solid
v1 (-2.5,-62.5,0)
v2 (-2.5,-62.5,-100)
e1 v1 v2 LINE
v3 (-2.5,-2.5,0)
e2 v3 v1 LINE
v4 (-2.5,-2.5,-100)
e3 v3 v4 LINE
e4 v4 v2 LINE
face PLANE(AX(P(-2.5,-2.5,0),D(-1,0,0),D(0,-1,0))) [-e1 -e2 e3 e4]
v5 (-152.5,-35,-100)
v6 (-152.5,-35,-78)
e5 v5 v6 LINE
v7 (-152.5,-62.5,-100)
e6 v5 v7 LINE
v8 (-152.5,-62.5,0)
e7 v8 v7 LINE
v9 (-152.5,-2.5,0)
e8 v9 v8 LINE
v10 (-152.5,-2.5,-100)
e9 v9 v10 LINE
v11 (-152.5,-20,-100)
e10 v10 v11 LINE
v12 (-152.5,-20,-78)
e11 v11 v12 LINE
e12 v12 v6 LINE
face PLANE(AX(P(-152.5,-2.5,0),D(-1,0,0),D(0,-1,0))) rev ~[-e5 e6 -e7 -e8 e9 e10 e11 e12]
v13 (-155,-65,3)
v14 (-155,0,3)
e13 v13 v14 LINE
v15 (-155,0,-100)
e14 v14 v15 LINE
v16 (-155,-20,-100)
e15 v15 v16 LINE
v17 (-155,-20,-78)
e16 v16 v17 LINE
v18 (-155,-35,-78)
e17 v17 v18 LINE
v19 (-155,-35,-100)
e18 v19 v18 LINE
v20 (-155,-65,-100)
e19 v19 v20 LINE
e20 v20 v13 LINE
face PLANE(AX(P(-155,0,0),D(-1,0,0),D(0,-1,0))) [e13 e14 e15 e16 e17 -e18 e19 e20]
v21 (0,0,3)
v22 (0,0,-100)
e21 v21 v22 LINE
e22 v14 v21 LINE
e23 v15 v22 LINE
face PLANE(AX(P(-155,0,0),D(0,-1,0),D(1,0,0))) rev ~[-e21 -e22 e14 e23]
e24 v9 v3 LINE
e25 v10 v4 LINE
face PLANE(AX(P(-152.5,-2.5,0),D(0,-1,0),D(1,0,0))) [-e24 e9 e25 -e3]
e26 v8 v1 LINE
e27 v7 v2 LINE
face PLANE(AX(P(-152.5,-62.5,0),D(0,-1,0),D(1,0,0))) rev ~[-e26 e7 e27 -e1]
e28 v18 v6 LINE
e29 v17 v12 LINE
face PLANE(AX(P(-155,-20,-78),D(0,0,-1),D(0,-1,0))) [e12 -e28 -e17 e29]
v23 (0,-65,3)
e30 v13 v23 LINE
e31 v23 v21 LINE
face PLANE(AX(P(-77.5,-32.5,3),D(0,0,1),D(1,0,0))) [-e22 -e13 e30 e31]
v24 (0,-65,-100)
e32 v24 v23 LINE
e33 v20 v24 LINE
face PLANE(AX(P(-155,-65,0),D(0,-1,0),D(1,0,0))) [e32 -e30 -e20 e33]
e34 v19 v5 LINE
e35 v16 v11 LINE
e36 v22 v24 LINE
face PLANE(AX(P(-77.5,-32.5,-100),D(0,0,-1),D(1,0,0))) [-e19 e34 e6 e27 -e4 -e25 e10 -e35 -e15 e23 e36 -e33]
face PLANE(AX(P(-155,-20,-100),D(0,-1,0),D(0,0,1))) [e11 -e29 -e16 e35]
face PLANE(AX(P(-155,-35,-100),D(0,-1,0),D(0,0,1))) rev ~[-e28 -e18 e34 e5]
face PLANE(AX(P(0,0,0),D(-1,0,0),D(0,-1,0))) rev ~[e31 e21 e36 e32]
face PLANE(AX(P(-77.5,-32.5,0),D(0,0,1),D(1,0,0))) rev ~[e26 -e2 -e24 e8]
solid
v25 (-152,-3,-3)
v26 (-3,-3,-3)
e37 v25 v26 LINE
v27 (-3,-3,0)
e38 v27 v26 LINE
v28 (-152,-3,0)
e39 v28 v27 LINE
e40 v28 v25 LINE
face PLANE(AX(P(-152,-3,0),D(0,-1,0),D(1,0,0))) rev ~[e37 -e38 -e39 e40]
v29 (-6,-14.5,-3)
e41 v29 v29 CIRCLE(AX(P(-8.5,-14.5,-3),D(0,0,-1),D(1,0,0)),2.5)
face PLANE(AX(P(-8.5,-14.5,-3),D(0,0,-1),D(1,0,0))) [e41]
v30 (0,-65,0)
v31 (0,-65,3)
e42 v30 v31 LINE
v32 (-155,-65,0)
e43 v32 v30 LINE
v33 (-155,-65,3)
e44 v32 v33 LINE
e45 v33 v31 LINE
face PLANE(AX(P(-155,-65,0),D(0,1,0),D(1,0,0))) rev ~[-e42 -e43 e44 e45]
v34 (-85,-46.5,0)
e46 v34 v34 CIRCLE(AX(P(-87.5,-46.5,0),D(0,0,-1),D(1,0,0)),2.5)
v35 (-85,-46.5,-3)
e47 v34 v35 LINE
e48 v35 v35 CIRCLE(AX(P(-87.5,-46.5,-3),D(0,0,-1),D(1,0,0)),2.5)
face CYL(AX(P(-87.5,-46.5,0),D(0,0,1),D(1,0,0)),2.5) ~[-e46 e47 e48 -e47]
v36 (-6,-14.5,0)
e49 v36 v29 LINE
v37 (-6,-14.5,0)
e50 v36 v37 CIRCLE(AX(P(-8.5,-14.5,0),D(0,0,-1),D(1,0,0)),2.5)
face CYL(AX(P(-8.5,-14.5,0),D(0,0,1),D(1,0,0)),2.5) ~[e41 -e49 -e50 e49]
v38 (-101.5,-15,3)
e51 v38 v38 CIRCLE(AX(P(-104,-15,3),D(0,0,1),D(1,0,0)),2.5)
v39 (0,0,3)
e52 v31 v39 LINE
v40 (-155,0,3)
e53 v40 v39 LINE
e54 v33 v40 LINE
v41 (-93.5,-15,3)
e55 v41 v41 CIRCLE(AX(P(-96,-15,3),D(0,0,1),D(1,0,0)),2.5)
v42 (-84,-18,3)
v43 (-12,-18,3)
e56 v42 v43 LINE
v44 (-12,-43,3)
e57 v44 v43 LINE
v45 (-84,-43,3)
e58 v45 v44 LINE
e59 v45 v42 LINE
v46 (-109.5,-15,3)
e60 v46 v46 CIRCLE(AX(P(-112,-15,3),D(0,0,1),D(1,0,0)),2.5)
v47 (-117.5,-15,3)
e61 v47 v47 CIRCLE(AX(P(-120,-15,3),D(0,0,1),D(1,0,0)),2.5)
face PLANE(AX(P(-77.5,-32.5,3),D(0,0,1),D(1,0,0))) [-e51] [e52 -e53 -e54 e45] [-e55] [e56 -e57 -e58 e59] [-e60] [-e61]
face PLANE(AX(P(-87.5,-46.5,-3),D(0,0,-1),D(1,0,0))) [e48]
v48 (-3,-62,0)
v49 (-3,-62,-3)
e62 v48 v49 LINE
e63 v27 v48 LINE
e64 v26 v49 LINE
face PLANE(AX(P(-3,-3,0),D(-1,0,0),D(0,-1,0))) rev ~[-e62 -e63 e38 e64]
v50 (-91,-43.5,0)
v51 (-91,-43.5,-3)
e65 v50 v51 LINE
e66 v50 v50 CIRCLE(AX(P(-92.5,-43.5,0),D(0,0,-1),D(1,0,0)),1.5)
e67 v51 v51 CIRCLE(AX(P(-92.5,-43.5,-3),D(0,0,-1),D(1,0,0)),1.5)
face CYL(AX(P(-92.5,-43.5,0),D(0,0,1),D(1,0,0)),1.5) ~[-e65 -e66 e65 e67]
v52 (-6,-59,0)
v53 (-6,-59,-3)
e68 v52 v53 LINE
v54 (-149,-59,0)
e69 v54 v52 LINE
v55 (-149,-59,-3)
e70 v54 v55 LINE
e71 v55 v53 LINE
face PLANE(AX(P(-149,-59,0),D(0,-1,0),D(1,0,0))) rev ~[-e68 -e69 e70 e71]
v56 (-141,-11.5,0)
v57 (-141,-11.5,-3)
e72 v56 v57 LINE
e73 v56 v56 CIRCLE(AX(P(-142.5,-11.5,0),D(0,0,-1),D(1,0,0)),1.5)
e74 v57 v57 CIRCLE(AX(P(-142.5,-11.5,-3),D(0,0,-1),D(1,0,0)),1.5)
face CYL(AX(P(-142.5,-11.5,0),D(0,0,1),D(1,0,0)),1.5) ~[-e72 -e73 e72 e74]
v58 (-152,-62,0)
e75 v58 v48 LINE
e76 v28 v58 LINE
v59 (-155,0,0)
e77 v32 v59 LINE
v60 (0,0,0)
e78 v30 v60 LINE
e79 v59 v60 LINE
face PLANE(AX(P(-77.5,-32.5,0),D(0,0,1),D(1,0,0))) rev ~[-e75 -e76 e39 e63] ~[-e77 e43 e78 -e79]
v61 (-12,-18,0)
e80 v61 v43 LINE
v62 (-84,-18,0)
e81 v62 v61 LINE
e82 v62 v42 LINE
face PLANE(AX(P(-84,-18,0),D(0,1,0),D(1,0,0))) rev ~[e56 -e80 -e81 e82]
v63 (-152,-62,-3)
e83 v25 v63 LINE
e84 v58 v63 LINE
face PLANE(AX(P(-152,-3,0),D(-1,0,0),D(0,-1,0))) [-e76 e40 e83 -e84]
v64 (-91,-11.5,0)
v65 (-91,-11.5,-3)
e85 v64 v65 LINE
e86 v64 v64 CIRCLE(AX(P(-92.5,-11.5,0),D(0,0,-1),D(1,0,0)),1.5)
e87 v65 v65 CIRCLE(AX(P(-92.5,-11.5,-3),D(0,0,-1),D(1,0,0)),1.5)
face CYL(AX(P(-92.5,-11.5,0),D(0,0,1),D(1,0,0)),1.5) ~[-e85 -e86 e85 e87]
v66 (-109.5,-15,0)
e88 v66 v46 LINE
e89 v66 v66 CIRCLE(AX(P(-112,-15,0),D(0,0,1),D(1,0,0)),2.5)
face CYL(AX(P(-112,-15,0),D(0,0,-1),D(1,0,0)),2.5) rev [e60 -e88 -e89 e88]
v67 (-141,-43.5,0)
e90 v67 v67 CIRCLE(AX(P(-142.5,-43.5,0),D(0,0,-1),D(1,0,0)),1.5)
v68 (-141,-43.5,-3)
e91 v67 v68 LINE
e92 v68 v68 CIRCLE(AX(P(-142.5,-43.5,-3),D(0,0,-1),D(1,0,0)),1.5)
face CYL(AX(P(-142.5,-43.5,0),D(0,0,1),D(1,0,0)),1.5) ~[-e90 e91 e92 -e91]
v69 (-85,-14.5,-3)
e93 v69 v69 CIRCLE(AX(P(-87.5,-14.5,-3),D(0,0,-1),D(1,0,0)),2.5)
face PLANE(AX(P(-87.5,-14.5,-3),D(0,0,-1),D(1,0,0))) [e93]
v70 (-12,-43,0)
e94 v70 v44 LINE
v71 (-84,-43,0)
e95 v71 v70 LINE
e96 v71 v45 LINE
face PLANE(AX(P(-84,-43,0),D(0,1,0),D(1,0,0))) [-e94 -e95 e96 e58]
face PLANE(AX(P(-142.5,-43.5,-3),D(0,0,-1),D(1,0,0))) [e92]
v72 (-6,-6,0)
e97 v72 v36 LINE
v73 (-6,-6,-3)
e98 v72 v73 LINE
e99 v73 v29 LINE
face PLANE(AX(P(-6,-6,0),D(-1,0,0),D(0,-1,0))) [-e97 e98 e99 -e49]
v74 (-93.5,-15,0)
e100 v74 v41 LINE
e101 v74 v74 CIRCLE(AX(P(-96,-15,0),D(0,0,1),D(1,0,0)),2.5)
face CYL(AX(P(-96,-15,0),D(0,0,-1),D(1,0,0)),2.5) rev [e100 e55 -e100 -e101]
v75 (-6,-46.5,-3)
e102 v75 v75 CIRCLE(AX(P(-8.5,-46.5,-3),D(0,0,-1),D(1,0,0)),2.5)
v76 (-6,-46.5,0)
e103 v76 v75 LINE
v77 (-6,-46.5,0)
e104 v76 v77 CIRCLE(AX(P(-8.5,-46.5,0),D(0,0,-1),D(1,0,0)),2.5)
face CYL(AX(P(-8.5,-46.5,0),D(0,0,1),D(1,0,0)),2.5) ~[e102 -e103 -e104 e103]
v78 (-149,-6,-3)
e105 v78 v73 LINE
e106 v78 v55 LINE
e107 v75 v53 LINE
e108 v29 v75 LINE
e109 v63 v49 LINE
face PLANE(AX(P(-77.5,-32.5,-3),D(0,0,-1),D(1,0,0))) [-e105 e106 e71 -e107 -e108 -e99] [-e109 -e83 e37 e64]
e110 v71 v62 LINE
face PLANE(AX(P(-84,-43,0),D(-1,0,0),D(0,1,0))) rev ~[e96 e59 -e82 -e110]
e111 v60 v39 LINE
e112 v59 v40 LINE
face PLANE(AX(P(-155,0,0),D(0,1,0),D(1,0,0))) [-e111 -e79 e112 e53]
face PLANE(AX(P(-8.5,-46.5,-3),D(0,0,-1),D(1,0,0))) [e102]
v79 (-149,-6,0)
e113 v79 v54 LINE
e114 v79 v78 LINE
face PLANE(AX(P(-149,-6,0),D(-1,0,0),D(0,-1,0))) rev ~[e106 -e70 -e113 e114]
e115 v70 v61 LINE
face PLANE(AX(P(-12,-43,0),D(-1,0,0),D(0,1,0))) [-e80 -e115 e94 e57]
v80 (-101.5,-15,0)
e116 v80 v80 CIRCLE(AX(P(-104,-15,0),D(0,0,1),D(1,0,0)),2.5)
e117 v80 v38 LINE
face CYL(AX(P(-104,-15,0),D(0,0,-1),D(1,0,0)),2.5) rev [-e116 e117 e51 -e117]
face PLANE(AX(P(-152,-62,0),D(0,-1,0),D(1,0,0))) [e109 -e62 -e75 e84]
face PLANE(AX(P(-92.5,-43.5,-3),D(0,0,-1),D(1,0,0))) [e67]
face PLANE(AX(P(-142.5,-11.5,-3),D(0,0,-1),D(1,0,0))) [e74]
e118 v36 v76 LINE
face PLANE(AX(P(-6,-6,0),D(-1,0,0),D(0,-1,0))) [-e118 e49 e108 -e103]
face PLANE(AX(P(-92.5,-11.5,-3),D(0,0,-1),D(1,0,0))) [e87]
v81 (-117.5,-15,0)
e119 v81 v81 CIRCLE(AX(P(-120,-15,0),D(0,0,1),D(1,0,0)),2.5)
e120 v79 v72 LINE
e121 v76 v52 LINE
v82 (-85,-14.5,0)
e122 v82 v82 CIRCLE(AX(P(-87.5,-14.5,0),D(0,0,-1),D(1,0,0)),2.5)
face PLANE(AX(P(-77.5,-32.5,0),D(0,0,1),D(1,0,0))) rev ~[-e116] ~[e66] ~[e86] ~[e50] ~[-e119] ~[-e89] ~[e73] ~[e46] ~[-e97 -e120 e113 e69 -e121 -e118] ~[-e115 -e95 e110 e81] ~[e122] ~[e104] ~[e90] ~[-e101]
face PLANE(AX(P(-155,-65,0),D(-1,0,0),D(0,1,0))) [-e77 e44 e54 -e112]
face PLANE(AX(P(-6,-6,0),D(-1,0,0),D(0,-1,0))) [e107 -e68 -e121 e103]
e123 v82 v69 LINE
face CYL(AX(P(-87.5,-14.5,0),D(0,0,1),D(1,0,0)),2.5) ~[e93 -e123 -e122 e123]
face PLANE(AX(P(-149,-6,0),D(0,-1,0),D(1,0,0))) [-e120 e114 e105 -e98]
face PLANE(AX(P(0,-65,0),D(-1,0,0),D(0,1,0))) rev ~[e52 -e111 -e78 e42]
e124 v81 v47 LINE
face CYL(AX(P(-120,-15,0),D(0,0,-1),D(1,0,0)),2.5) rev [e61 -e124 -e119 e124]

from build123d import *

# Parameters (mm, degrees)
SKETCH_W      = 155
SKETCH_H      = 65
SKETCH_R      = 2.5
SKETCH_W_2    = 72
SKETCH_H_2    = 25
PAD_DEPTH     = 3
SKETCH001_W   = 149
SKETCH001_H   = 59
SKETCH001_W_2 = 143
SKETCH001_H_2 = 53
PAD001_DEPTH  = 3
SKETCH002_R   = 1.5
SKETCH002_R_2 = 2.5
PAD002_DEPTH  = 3
SKETCH003_W   = 155
SKETCH003_H   = 65
PAD003_DEPTH  = 3
SKETCH004_W   = 155
SKETCH004_H   = 65
SKETCH004_W_2 = 150
SKETCH004_H_2 = 60
PAD004_DEPTH  = 100
SKETCH005_W   = 15
SKETCH005_H   = 22
POCKET_DEPTH  = 5


with BuildPart() as lid:
    # Sketch → Pad (new body)
    with BuildSketch(Plane.XY):
        with Locations((-77.5, -32.5)):
            Rectangle(SKETCH_W, SKETCH_H)
        with Locations((-120, -15)):
            Circle(SKETCH_R, mode=Mode.SUBTRACT)
        with Locations((-112, -15)):
            Circle(SKETCH_R, mode=Mode.SUBTRACT)
        with Locations((-104, -15)):
            Circle(SKETCH_R, mode=Mode.SUBTRACT)
        with Locations((-96, -15)):
            Circle(SKETCH_R, mode=Mode.SUBTRACT)
        with Locations((-48, -30.5)):
            Rectangle(SKETCH_W_2, SKETCH_H_2, mode=Mode.SUBTRACT)
    extrude(amount=PAD_DEPTH)

    # Sketch001 (on Face13 of Pad) → Pad001 (join)
    with BuildSketch(Plane(origin=(0, 0, 0), x_dir=(1, 0, 0), z_dir=(0, 0, -1))):
        with Locations((-77.5, 32.5)):
            Rectangle(SKETCH001_W, SKETCH001_H)
        with Locations((-77.5, 32.5)):
            Rectangle(SKETCH001_W_2, SKETCH001_H_2, mode=Mode.SUBTRACT)
    extrude(amount=PAD001_DEPTH)

    # Sketch002 (on Face20 of Pad001) → Pad002 (join)
    with BuildSketch(Plane(origin=(0, 0, 0), x_dir=(1, 0, 0), z_dir=(0, 0, -1))):
        with Locations((-142.5, 43.5)):
            Circle(SKETCH002_R)
        with Locations((-142.5, 11.5)):
            Circle(SKETCH002_R)
        with Locations((-92.5, 43.5)):
            Circle(SKETCH002_R)
        with Locations((-92.5, 11.5)):
            Circle(SKETCH002_R)
        with Locations((-87.5, 46.5)):
            Circle(SKETCH002_R_2)
        with Locations((-8.5, 46.5)):
            Circle(SKETCH002_R_2)
        with Locations((-8.5, 14.5)):
            Circle(SKETCH002_R_2)
        with Locations((-87.5, 14.5)):
            Circle(SKETCH002_R_2)
    extrude(amount=PAD002_DEPTH)


with BuildPart() as box:
    # Sketch003 → Pad003 (new body)
    with BuildSketch(Plane.XY):
        with Locations((-77.5, -32.5)):
            Rectangle(SKETCH003_W, SKETCH003_H)
    extrude(amount=PAD003_DEPTH)

    # Sketch004 (on Face5 of Pad003) → Pad004 (join)
    with BuildSketch(Plane(origin=(0, 0, 0), x_dir=(1, 0, 0), z_dir=(0, 0, -1))):
        with Locations((-77.5, 32.5)):
            Rectangle(SKETCH004_W, SKETCH004_H)
        with Locations((-77.5, 32.5)):
            Rectangle(SKETCH004_W_2, SKETCH004_H_2, mode=Mode.SUBTRACT)
    extrude(amount=PAD004_DEPTH)

    # Sketch005 (on Face7 of Pad004) → Pocket (cut)
    with BuildSketch(Plane(origin=(-155, 0, 0), x_dir=(0, -1, 0), z_dir=(-1, 0, 0))):
        with Locations((27.5, -89)):
            Rectangle(SKETCH005_W, SKETCH005_H)
    extrude(amount=-POCKET_DEPTH, mode=Mode.SUBTRACT)


solid = Compound([lid.part, box.part])
